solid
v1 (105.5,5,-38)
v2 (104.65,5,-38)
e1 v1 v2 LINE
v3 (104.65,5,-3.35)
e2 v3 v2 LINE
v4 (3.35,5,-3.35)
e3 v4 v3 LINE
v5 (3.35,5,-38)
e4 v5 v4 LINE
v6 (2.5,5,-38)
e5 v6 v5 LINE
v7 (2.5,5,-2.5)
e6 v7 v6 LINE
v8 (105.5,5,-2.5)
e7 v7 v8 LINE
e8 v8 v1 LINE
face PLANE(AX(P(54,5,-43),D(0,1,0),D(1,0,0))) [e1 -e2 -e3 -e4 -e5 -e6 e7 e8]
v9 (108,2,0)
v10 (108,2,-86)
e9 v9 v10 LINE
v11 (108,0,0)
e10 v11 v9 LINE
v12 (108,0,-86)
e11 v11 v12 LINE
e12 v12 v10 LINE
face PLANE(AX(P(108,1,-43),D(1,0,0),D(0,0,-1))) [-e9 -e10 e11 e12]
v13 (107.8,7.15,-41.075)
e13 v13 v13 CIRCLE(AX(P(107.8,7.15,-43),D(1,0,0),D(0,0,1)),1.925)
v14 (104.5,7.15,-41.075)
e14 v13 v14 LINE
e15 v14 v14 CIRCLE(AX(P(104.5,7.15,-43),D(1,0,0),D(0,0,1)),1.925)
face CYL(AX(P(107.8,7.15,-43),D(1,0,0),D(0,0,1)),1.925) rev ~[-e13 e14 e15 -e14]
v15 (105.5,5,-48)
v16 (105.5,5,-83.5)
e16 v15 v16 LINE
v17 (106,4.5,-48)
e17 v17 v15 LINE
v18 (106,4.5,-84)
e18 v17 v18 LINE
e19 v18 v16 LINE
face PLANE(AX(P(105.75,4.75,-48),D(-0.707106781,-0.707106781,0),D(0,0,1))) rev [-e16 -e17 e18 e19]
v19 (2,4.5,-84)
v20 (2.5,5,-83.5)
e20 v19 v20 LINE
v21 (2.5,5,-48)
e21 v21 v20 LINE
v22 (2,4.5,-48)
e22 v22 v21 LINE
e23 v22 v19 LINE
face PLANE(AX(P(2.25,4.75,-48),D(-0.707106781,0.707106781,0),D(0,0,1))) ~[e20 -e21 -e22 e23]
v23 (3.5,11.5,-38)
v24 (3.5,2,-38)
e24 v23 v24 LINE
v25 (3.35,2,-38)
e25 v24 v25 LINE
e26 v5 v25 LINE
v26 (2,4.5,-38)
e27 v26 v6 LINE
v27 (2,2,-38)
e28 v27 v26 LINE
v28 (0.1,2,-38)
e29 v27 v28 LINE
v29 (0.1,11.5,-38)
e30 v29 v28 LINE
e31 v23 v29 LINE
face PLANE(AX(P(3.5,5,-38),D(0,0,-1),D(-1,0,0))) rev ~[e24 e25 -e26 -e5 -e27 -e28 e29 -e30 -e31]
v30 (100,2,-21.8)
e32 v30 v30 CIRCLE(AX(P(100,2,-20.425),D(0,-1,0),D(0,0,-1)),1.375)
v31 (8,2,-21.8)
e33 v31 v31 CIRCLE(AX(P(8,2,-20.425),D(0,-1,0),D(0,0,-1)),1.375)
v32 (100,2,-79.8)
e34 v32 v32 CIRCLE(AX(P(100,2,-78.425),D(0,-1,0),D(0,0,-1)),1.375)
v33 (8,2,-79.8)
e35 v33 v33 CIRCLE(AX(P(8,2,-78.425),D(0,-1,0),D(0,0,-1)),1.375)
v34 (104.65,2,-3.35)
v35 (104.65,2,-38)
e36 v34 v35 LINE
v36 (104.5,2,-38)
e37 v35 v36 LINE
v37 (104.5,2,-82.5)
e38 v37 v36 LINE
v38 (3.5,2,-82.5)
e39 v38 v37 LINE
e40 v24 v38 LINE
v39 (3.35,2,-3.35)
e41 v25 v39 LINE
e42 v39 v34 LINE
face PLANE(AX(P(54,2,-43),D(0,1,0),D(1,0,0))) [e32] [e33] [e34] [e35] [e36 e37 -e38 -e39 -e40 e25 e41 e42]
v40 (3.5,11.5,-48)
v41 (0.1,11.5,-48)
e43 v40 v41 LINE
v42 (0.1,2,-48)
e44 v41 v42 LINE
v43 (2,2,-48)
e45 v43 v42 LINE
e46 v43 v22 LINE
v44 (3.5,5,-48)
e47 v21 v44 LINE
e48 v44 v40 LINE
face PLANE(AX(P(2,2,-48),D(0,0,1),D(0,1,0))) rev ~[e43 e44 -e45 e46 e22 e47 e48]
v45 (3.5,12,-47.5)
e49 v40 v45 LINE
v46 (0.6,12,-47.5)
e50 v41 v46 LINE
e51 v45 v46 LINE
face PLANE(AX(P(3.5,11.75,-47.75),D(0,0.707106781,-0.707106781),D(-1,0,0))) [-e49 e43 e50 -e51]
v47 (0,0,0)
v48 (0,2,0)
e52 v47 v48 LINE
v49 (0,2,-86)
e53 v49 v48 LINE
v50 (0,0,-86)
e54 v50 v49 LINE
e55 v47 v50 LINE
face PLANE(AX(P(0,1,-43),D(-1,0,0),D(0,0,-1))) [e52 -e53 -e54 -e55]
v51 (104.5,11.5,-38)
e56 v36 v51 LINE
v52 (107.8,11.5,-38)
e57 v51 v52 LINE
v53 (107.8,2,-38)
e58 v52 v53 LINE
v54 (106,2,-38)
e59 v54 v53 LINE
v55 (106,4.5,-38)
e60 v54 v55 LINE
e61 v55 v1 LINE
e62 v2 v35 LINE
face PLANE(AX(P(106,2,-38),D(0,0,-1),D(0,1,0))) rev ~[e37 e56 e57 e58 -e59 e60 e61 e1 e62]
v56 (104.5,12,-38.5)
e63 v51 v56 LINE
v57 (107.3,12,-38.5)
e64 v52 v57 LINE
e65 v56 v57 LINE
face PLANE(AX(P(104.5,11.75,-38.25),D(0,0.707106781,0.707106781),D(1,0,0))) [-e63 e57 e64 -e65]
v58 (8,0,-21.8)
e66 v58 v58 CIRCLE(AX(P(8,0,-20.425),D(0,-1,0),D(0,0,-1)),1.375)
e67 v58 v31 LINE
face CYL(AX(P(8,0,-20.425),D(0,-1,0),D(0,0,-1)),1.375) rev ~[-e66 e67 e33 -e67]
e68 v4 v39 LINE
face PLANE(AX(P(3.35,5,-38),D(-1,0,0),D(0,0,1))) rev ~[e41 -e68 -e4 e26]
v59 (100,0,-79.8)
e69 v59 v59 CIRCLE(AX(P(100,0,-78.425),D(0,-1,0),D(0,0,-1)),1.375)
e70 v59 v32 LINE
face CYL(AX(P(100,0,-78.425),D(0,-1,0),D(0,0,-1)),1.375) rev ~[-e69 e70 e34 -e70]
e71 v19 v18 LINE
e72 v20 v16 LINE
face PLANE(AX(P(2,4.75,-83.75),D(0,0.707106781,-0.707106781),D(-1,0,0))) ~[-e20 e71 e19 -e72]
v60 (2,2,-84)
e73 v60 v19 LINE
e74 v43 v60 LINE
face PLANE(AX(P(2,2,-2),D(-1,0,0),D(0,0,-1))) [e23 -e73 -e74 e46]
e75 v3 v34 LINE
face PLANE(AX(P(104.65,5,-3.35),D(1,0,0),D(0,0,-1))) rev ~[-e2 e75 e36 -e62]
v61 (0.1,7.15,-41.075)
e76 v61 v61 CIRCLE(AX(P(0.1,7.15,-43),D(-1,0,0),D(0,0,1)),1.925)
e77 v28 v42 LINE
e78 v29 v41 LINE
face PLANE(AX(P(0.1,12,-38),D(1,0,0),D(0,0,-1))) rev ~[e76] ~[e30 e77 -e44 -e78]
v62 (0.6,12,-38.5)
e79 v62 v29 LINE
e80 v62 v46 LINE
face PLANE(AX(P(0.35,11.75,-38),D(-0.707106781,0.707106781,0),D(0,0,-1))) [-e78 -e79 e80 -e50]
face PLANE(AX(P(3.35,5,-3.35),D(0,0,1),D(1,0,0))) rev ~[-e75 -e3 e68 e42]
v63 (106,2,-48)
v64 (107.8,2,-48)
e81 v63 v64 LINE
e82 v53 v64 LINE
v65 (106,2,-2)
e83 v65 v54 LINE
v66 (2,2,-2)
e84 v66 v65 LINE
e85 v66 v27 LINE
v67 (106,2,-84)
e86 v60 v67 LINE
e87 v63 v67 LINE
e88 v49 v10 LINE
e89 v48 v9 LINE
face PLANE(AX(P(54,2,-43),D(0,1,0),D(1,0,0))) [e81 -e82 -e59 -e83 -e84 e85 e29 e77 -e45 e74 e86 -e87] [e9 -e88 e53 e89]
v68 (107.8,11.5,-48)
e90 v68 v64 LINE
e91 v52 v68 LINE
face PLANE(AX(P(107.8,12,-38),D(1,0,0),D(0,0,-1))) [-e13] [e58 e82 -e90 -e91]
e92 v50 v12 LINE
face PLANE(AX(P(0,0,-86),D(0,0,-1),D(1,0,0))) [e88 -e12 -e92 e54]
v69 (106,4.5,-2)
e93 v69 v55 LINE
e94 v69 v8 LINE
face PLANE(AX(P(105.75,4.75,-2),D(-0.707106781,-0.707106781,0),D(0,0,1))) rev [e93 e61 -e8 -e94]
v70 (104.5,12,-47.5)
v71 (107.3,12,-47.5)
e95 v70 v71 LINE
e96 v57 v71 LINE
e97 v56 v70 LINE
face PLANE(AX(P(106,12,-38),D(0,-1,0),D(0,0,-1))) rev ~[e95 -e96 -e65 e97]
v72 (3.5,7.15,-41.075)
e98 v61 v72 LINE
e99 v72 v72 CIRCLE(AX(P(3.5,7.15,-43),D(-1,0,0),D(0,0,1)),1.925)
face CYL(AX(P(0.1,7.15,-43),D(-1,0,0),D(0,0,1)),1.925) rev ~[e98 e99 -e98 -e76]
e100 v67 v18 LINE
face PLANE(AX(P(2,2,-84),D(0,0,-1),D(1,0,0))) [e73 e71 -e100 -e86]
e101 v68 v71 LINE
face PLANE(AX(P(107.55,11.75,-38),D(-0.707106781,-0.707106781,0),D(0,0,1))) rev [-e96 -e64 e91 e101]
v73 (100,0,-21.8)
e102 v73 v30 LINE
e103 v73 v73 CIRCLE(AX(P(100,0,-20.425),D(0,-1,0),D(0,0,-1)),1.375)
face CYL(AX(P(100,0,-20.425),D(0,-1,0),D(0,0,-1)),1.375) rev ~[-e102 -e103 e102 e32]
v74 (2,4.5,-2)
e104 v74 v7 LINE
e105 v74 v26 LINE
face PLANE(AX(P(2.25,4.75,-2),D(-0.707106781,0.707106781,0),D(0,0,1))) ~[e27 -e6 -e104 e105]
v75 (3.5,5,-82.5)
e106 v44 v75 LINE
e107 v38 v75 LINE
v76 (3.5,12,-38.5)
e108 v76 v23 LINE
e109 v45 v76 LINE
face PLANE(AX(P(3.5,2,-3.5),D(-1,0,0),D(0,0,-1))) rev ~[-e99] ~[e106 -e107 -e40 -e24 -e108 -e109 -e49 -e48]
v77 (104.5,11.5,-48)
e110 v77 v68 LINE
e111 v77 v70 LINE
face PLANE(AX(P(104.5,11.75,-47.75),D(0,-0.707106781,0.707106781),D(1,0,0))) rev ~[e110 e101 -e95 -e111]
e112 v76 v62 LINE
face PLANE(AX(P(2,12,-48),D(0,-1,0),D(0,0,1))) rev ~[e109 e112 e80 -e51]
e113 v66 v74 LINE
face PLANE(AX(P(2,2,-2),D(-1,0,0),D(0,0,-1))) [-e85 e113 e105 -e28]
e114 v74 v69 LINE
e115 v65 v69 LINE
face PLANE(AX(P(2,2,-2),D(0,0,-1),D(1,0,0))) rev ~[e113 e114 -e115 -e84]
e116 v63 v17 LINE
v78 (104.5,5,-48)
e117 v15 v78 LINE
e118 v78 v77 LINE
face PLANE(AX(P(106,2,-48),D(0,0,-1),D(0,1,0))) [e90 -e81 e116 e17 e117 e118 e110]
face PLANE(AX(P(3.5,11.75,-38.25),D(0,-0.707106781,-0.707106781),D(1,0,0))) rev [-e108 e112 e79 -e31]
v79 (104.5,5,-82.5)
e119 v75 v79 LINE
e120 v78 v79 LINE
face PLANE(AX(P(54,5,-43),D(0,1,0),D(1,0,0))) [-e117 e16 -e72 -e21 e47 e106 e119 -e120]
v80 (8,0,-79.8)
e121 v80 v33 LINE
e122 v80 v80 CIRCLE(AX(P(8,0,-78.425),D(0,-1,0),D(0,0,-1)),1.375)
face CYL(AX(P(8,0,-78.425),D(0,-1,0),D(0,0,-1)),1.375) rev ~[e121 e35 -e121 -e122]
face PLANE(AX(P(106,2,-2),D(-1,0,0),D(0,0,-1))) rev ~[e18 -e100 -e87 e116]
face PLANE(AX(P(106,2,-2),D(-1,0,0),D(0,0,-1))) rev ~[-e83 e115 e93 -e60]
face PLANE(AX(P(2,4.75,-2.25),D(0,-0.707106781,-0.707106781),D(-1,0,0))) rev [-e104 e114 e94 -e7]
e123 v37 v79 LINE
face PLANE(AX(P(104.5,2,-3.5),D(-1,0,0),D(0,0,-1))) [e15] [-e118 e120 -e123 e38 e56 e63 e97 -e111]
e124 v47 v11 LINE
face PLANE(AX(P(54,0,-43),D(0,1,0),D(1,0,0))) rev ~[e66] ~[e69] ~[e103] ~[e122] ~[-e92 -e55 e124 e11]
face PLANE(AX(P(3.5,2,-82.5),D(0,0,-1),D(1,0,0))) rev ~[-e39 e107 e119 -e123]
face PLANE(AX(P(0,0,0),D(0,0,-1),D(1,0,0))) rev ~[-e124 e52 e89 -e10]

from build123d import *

# Parameters (mm, degrees)
SKETCH1_W                       = 108
SKETCH1_H                       = 86
BOSS_EXTRUDE1_DEPTH             = 2
SKETCH2_W                       = 104
SKETCH2_H                       = 82
SKETCH2_W_2                     = 101
SKETCH2_H_2                     = 79
BOSS_EXTRUDE2_DEPTH             = 3
BOSS_EXTRUDE4_REACH             = 138.591
SKETCH5_W                       = 10
SKETCH5_H                       = 10
BOSS_EXTRUDE4_DIRECTION_2_REACH = 138.591
BOSS_EXTRUDE5_REACH             = 139.026
SKETCH6_W                       = 10
SKETCH6_H                       = 10
BOSS_EXTRUDE5_DIRECTION_2_REACH = 139.026
SKETCH11_W                      = 0.1
SKETCH11_H                      = 10
SKETCH11_W_2                    = 0.2
CUT_EXTRUDE2_DEPTH              = 10
CHAMFER1_SIZE                   = 0.5
CHAMFER2_SIZE                   = 0.5
CUT_EXTRUDE3_REACH              = 140.578
SKETCH12_R                      = 1.375
CUT_EXTRUDE5_DEPTH              = 3
CUT_EXTRUDE6_REACH              = 140.501
SKETCH14_R                      = 1.925
CUT_EXTRUDE7_REACH              = 140.423
SKETCH15_R                      = 1.925


with BuildPart() as part:
    # Sketch1 → Boss-Extrude1 (new body)
    with BuildSketch(Plane(origin=(0, 0, 0), x_dir=(1, 0, 0), z_dir=(0, 1, 0))):
        with Locations((54, 43)):
            Rectangle(SKETCH1_W, SKETCH1_H)
    extrude(amount=BOSS_EXTRUDE1_DEPTH)

    # Sketch2 → Boss-Extrude2 (add)
    with BuildSketch(Plane(origin=(0, 2, 0), x_dir=(1, 0, 0), z_dir=(0, 1, 0))):
        with Locations((54, 43)):
            Rectangle(SKETCH2_W, SKETCH2_H)
        with Locations((54, 43)):
            Rectangle(SKETCH2_W_2, SKETCH2_H_2, mode=Mode.SUBTRACT)
    extrude(amount=BOSS_EXTRUDE2_DEPTH)

    # Boss-Extrude4: up to this face of the body (flat: up to its plane)
    boss_extrude4_end = Plane(part.part.faces().sort_by_distance((0, 1, -43))[0])
    # Sketch5 → Boss-Extrude4 (add, up to the picked face)
    with BuildSketch(Plane.ZY.offset(-2), mode=Mode.PRIVATE) as boss_extrude4_sk1:
        with Locations((-43, 7)):
            Rectangle(SKETCH5_W, SKETCH5_H)
    boss_extrude4_tool1 = split(extrude(boss_extrude4_sk1.sketch, amount=BOSS_EXTRUDE4_REACH, mode=Mode.PRIVATE), bisect_by=boss_extrude4_end, keep=Keep.BOTH, mode=Mode.PRIVATE)
    add(boss_extrude4_tool1.solids().sort_by(Axis((2, 7, -43), (-1, 0, 0)))[0])

    # Boss-Extrude4 direction 2: up to this face of the body (flat: up to its plane)
    boss_extrude4_direction_2_end = Plane(part.part.faces().sort_by_distance((3.5, 3.5, -43))[0])
    # Sketch5 → Boss-Extrude4 direction 2 (add, up to the picked face)
    with BuildSketch(Plane.ZY.offset(-2), mode=Mode.PRIVATE) as boss_extrude4_direction_2_sk1:
        with Locations((-43, 7)):
            Rectangle(SKETCH5_W, SKETCH5_H)
    boss_extrude4_direction_2_tool1 = split(extrude(boss_extrude4_direction_2_sk1.sketch, amount=-BOSS_EXTRUDE4_DIRECTION_2_REACH, mode=Mode.PRIVATE), bisect_by=boss_extrude4_direction_2_end, keep=Keep.BOTH, mode=Mode.PRIVATE)
    add(boss_extrude4_direction_2_tool1.solids().sort_by(Axis((2, 7, -43), (1, 0, 0)))[0])

    # Boss-Extrude5: up to this face of the body (flat: up to its plane)
    boss_extrude5_end = Plane(part.part.faces().sort_by_distance((108, 1, -43))[0])
    # Sketch6 → Boss-Extrude5 (add, up to the picked face)
    with BuildSketch(Plane(origin=(106, 0, 0), x_dir=(0, 0, -1), z_dir=(1, 0, 0)), mode=Mode.PRIVATE) as boss_extrude5_sk1:
        with Locations((43, 7)):
            Rectangle(SKETCH6_W, SKETCH6_H)
    boss_extrude5_tool1 = split(extrude(boss_extrude5_sk1.sketch, amount=BOSS_EXTRUDE5_REACH, mode=Mode.PRIVATE), bisect_by=boss_extrude5_end, keep=Keep.BOTH, mode=Mode.PRIVATE)
    add(boss_extrude5_tool1.solids().sort_by(Axis((106, 7, -43), (1, 0, 0)))[0])

    # Boss-Extrude5 direction 2: up to this face of the body (flat: up to its plane)
    boss_extrude5_direction_2_end = Plane(part.part.faces().sort_by_distance((104.5, 3.5, -43))[0])
    # Sketch6 → Boss-Extrude5 direction 2 (add, up to the picked face)
    with BuildSketch(Plane(origin=(106, 0, 0), x_dir=(0, 0, -1), z_dir=(1, 0, 0)), mode=Mode.PRIVATE) as boss_extrude5_direction_2_sk1:
        with Locations((43, 7)):
            Rectangle(SKETCH6_W, SKETCH6_H)
    boss_extrude5_direction_2_tool1 = split(extrude(boss_extrude5_direction_2_sk1.sketch, amount=-BOSS_EXTRUDE5_DIRECTION_2_REACH, mode=Mode.PRIVATE), bisect_by=boss_extrude5_direction_2_end, keep=Keep.BOTH, mode=Mode.PRIVATE)
    add(boss_extrude5_direction_2_tool1.solids().sort_by(Axis((106, 7, -43), (-1, 0, 0)))[0])

    # Sketch11 → Cut-Extrude2 (cut)
    with BuildSketch(Plane(origin=(0, 12, 0), x_dir=(1, 0, 0), z_dir=(0, 1, 0))):
        with Locations((0.05, 43)):
            Rectangle(SKETCH11_W, SKETCH11_H)
        with Locations((107.9, 43)):
            Rectangle(SKETCH11_W_2, SKETCH11_H)
    extrude(amount=-CUT_EXTRUDE2_DEPTH, mode=Mode.SUBTRACT)

    # Chamfer1
    chamfer1_edges = [part.edges().sort_by_distance(p)[0] for p in [
        (54, 5, -84),
        (2, 5, -66),
        (54, 5, -2),
        (106, 5, -20),
        (2, 5, -20),
        (106, 5, -66),
    ]]
    chamfer(chamfer1_edges, length=CHAMFER1_SIZE)

    # Chamfer2
    chamfer2_edges = [part.edges().sort_by_distance(p)[0] for p in [
        (106.15, 12, -38),
        (106.15, 12, -48),
        (1.8, 12, -48),
        (1.8, 12, -38),
        (0.1, 12, -43),
        (107.8, 12, -43),
    ]]
    chamfer(chamfer2_edges, length=CHAMFER2_SIZE)

    # Sketch12 → Cut-Extrude3 (cut, up to next)
    with BuildSketch(Plane.XZ, mode=Mode.PRIVATE) as cut_extrude3_sk1:
        with Locations(Location((100, -78.425, 0), (0, 0, 270))):
            Circle(SKETCH12_R)
    cut_extrude3_tool1 = extrude(cut_extrude3_sk1.sketch, amount=-CUT_EXTRUDE3_REACH, mode=Mode.PRIVATE) & part.part
    # Sketch12 → Cut-Extrude3 (cut, up to next)
    with BuildSketch(Plane.XZ, mode=Mode.PRIVATE) as cut_extrude3_sk2:
        with Locations(Location((8, -78.425, 0), (0, 0, 270))):
            Circle(SKETCH12_R)
    cut_extrude3_tool2 = extrude(cut_extrude3_sk2.sketch, amount=-CUT_EXTRUDE3_REACH, mode=Mode.PRIVATE) & part.part
    # Sketch12 → Cut-Extrude3 (cut, up to next)
    with BuildSketch(Plane.XZ, mode=Mode.PRIVATE) as cut_extrude3_sk3:
        with Locations(Location((8, -20.425, 0), (0, 0, 270))):
            Circle(SKETCH12_R)
    cut_extrude3_tool3 = extrude(cut_extrude3_sk3.sketch, amount=-CUT_EXTRUDE3_REACH, mode=Mode.PRIVATE) & part.part
    # Sketch12 → Cut-Extrude3 (cut, up to next)
    with BuildSketch(Plane.XZ, mode=Mode.PRIVATE) as cut_extrude3_sk4:
        with Locations(Location((100, -20.425, 0), (0, 0, 270))):
            Circle(SKETCH12_R)
    cut_extrude3_tool4 = extrude(cut_extrude3_sk4.sketch, amount=-CUT_EXTRUDE3_REACH, mode=Mode.PRIVATE) & part.part
    add(cut_extrude3_tool1.solids().sort_by_distance((100, 0, -78.425))[0], mode=Mode.SUBTRACT)
    add(cut_extrude3_tool2.solids().sort_by_distance((8, 0, -78.425))[0], mode=Mode.SUBTRACT)
    add(cut_extrude3_tool3.solids().sort_by_distance((8, 0, -20.425))[0], mode=Mode.SUBTRACT)
    add(cut_extrude3_tool4.solids().sort_by_distance((100, 0, -20.425))[0], mode=Mode.SUBTRACT)

    # Sketch13 → Cut-Extrude5 (cut)
    with BuildSketch(Plane(origin=(0, 5, 0), x_dir=(1, 0, 0), z_dir=(0, 1, 0))):
        Polygon((3.35, 38), (3.35, 3.35), (104.65, 3.35), (104.65, 38), (104.5, 38), (104.5, 3.5), (3.5, 3.5), (3.5, 38), align=None)
    extrude(amount=-CUT_EXTRUDE5_DEPTH, mode=Mode.SUBTRACT)

    # Sketch14 → Cut-Extrude6 (cut, up to next)
    with BuildSketch(Plane.ZY.offset(-0.1), mode=Mode.PRIVATE) as cut_extrude6_sk1:
        with Locations((-43, 7.15)):
            Circle(SKETCH14_R)
    cut_extrude6_tool1 = extrude(cut_extrude6_sk1.sketch, amount=-CUT_EXTRUDE6_REACH, mode=Mode.PRIVATE) & part.part
    add(cut_extrude6_tool1.solids().sort_by_distance((0.1, 7.15, -43))[0], mode=Mode.SUBTRACT)

    # Sketch15 → Cut-Extrude7 (cut, up to next)
    with BuildSketch(Plane(origin=(107.8, 0, 0), x_dir=(0, 0, -1), z_dir=(1, 0, 0)), mode=Mode.PRIVATE) as cut_extrude7_sk1:
        with Locations(Location((43, 7.15, 0), (0, 0, 180))):
            Circle(SKETCH15_R)
    cut_extrude7_tool1 = extrude(cut_extrude7_sk1.sketch, amount=-CUT_EXTRUDE7_REACH, mode=Mode.PRIVATE) & part.part
    add(cut_extrude7_tool1.solids().sort_by_distance((107.8, 7.15, -43))[0], mode=Mode.SUBTRACT)


solid = part.part
